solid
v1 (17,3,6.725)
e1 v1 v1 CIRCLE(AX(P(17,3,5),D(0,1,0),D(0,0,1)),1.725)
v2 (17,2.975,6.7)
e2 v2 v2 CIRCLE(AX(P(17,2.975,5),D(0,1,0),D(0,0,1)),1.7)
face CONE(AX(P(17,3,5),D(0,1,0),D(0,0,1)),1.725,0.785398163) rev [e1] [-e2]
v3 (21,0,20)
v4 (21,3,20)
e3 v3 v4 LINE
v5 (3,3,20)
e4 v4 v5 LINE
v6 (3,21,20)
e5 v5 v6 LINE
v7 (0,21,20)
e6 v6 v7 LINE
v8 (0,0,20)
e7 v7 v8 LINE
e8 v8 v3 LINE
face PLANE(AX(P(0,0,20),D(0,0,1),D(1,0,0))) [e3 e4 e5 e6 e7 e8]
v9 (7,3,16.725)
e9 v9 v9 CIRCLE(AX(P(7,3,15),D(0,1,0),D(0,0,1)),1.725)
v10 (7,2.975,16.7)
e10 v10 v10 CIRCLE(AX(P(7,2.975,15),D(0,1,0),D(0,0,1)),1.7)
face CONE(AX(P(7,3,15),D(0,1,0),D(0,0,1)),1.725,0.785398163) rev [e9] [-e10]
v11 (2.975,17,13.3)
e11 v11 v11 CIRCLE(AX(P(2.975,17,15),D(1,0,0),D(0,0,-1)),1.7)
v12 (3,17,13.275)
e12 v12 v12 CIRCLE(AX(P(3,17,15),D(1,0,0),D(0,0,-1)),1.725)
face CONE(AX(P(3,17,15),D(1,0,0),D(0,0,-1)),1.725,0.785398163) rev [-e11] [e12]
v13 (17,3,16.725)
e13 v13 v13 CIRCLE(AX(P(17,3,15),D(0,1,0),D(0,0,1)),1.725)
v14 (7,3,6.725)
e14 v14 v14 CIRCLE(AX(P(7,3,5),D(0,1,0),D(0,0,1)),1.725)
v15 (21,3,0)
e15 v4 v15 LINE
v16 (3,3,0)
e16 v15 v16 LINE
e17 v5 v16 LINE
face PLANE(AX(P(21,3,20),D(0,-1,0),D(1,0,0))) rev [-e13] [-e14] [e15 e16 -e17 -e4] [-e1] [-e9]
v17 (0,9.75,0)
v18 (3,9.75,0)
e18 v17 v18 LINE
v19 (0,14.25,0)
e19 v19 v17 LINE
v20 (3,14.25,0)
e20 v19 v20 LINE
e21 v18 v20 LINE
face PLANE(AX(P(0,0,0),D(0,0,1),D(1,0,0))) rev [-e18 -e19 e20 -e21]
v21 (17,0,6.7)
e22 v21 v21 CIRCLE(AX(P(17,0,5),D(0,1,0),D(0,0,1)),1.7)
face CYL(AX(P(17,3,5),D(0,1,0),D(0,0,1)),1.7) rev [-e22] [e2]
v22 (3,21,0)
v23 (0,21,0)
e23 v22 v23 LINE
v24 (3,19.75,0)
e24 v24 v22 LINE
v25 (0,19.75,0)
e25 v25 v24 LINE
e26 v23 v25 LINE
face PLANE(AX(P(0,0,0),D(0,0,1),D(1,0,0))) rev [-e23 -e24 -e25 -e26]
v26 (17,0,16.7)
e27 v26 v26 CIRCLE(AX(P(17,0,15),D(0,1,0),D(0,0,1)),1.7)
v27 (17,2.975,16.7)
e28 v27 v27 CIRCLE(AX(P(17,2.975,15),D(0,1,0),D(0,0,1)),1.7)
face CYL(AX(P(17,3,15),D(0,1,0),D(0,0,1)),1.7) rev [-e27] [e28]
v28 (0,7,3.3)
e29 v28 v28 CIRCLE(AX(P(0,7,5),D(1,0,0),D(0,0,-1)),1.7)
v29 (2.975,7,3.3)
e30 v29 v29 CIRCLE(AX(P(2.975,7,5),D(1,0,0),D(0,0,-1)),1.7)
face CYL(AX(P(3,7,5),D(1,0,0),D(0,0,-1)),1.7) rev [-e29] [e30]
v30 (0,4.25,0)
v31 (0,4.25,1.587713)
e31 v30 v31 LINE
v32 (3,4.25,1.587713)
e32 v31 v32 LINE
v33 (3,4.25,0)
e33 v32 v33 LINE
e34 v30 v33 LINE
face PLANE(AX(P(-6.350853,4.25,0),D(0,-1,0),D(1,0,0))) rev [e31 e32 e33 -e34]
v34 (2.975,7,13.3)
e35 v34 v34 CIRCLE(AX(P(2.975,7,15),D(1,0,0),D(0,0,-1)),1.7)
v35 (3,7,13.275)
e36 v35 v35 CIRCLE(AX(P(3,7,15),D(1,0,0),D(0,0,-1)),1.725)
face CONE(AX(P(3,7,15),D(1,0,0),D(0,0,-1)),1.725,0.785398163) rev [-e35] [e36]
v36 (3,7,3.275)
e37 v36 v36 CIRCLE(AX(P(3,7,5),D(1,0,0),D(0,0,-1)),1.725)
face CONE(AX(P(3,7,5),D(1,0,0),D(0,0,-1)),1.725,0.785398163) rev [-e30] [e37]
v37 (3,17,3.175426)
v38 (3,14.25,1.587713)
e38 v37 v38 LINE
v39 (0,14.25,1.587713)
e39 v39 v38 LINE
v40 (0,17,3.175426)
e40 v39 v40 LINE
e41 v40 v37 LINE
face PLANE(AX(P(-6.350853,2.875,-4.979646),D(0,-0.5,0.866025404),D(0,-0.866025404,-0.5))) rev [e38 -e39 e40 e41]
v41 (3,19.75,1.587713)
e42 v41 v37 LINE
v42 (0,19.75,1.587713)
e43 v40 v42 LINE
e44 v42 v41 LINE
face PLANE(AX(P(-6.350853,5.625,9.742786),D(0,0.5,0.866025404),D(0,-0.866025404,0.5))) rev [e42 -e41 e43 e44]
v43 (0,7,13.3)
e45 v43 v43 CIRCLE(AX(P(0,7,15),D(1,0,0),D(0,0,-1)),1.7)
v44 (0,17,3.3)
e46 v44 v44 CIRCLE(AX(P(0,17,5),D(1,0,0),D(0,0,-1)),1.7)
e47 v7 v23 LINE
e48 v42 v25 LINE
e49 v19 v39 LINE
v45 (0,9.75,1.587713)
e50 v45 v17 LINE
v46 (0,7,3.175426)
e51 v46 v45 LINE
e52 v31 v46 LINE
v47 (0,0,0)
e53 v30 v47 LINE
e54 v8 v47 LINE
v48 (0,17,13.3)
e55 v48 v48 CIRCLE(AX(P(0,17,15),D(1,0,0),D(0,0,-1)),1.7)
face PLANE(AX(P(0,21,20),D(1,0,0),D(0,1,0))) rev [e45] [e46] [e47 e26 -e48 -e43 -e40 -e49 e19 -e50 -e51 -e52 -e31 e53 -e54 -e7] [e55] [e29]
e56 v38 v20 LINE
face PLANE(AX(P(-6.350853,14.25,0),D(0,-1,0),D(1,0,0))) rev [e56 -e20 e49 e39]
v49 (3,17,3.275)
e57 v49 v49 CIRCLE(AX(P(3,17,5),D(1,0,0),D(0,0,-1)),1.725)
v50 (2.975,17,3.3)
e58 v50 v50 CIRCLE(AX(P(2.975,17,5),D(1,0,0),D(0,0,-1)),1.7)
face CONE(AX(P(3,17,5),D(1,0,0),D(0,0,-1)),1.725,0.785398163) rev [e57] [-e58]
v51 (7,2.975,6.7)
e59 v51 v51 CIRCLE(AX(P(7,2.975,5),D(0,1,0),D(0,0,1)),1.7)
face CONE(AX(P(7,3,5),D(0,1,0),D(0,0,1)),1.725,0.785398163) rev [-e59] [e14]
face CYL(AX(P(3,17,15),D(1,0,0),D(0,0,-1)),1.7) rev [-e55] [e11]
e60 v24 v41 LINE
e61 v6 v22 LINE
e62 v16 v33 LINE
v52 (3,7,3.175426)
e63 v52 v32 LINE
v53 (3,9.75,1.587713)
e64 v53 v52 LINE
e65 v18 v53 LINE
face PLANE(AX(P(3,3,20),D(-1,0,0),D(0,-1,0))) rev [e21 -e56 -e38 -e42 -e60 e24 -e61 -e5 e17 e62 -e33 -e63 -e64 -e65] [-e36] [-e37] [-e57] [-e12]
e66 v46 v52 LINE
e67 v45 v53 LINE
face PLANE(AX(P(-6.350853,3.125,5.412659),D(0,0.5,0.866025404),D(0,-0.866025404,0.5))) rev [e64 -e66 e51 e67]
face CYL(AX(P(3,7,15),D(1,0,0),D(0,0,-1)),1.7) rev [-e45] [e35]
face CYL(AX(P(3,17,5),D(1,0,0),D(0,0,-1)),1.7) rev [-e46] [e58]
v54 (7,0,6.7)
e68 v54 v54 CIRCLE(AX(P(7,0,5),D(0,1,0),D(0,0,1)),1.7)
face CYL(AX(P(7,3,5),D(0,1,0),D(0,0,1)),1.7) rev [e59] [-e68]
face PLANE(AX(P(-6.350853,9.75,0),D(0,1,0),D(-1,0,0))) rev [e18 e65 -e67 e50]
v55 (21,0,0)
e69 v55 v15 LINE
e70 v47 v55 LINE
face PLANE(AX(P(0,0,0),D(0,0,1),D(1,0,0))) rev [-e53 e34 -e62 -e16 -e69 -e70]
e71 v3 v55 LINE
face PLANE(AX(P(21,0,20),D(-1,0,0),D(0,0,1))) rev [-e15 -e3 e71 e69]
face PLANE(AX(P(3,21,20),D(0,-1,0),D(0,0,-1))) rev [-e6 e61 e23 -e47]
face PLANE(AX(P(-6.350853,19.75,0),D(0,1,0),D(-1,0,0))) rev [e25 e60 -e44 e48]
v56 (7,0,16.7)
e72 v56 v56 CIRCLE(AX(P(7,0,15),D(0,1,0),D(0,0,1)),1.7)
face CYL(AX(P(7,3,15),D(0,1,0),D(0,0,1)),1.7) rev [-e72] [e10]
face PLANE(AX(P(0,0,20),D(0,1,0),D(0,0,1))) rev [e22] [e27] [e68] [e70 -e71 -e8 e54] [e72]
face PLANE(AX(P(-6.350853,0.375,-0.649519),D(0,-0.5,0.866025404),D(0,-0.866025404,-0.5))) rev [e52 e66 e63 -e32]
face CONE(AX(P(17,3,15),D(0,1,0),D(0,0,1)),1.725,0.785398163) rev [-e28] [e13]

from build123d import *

# Parameters (mm, degrees)
BOSS_EXTRUDE1_DEPTH            = 20
M3_CLEARANCE_HOLE1_D           = 3.4
M3_CLEARANCE_HOLE1_CSINK_D     = 3.45
M3_CLEARANCE_HOLE1_CSINK_ANGLE = 90
M3_CLEARANCE_HOLE2_D           = 3.4
M3_CLEARANCE_HOLE2_CSINK_D     = 3.45
M3_CLEARANCE_HOLE2_CSINK_ANGLE = 90
CUT_EXTRUDE1_DEPTH             = 3


with BuildPart() as part:
    # Sketch1 → Boss-Extrude1 (new body)
    with BuildSketch(Plane.XY):
        Polygon((0, 21), (0, 0), (21, 0), (21, 3), (3, 3), (3, 21), align=None)
    extrude(amount=BOSS_EXTRUDE1_DEPTH)

    # M3 Clearance Hole1 (through all)
    with Locations(Plane(origin=(0, 3, 0), x_dir=(1, 0, 0), z_dir=(0, 1, 0))):
        with Locations((7, -15), (7, -5), (17, -5), (17, -15)):
            CounterSinkHole(M3_CLEARANCE_HOLE1_D / 2, M3_CLEARANCE_HOLE1_CSINK_D / 2, counter_sink_angle=M3_CLEARANCE_HOLE1_CSINK_ANGLE)

    # M3 Clearance Hole2 (through all)
    with Locations(Plane(origin=(3, 0, 0), x_dir=(0, 0, -1), z_dir=(1, 0, 0))):
        with Locations((-15, 7), (-5, 7), (-5, 17), (-15, 17)):
            CounterSinkHole(M3_CLEARANCE_HOLE2_D / 2, M3_CLEARANCE_HOLE2_CSINK_D / 2, counter_sink_angle=M3_CLEARANCE_HOLE2_CSINK_ANGLE)

    # Sketch6 → Cut-Extrude1 (cut)
    with BuildSketch(Plane(origin=(3, 0, 0), x_dir=(0, 0, -1), z_dir=(1, 0, 0))):
        Polygon((0, 9.75), (-1.58771324, 9.75), (-3.175426481, 7), (-1.58771324, 4.25), (0, 4.25), align=None)
        Polygon((-1.58771324, 14.25), (0, 14.25), (0, 19.75), (-1.58771324, 19.75), (-3.175426481, 17), align=None)
    extrude(amount=-CUT_EXTRUDE1_DEPTH, mode=Mode.SUBTRACT)


solid = part.part
